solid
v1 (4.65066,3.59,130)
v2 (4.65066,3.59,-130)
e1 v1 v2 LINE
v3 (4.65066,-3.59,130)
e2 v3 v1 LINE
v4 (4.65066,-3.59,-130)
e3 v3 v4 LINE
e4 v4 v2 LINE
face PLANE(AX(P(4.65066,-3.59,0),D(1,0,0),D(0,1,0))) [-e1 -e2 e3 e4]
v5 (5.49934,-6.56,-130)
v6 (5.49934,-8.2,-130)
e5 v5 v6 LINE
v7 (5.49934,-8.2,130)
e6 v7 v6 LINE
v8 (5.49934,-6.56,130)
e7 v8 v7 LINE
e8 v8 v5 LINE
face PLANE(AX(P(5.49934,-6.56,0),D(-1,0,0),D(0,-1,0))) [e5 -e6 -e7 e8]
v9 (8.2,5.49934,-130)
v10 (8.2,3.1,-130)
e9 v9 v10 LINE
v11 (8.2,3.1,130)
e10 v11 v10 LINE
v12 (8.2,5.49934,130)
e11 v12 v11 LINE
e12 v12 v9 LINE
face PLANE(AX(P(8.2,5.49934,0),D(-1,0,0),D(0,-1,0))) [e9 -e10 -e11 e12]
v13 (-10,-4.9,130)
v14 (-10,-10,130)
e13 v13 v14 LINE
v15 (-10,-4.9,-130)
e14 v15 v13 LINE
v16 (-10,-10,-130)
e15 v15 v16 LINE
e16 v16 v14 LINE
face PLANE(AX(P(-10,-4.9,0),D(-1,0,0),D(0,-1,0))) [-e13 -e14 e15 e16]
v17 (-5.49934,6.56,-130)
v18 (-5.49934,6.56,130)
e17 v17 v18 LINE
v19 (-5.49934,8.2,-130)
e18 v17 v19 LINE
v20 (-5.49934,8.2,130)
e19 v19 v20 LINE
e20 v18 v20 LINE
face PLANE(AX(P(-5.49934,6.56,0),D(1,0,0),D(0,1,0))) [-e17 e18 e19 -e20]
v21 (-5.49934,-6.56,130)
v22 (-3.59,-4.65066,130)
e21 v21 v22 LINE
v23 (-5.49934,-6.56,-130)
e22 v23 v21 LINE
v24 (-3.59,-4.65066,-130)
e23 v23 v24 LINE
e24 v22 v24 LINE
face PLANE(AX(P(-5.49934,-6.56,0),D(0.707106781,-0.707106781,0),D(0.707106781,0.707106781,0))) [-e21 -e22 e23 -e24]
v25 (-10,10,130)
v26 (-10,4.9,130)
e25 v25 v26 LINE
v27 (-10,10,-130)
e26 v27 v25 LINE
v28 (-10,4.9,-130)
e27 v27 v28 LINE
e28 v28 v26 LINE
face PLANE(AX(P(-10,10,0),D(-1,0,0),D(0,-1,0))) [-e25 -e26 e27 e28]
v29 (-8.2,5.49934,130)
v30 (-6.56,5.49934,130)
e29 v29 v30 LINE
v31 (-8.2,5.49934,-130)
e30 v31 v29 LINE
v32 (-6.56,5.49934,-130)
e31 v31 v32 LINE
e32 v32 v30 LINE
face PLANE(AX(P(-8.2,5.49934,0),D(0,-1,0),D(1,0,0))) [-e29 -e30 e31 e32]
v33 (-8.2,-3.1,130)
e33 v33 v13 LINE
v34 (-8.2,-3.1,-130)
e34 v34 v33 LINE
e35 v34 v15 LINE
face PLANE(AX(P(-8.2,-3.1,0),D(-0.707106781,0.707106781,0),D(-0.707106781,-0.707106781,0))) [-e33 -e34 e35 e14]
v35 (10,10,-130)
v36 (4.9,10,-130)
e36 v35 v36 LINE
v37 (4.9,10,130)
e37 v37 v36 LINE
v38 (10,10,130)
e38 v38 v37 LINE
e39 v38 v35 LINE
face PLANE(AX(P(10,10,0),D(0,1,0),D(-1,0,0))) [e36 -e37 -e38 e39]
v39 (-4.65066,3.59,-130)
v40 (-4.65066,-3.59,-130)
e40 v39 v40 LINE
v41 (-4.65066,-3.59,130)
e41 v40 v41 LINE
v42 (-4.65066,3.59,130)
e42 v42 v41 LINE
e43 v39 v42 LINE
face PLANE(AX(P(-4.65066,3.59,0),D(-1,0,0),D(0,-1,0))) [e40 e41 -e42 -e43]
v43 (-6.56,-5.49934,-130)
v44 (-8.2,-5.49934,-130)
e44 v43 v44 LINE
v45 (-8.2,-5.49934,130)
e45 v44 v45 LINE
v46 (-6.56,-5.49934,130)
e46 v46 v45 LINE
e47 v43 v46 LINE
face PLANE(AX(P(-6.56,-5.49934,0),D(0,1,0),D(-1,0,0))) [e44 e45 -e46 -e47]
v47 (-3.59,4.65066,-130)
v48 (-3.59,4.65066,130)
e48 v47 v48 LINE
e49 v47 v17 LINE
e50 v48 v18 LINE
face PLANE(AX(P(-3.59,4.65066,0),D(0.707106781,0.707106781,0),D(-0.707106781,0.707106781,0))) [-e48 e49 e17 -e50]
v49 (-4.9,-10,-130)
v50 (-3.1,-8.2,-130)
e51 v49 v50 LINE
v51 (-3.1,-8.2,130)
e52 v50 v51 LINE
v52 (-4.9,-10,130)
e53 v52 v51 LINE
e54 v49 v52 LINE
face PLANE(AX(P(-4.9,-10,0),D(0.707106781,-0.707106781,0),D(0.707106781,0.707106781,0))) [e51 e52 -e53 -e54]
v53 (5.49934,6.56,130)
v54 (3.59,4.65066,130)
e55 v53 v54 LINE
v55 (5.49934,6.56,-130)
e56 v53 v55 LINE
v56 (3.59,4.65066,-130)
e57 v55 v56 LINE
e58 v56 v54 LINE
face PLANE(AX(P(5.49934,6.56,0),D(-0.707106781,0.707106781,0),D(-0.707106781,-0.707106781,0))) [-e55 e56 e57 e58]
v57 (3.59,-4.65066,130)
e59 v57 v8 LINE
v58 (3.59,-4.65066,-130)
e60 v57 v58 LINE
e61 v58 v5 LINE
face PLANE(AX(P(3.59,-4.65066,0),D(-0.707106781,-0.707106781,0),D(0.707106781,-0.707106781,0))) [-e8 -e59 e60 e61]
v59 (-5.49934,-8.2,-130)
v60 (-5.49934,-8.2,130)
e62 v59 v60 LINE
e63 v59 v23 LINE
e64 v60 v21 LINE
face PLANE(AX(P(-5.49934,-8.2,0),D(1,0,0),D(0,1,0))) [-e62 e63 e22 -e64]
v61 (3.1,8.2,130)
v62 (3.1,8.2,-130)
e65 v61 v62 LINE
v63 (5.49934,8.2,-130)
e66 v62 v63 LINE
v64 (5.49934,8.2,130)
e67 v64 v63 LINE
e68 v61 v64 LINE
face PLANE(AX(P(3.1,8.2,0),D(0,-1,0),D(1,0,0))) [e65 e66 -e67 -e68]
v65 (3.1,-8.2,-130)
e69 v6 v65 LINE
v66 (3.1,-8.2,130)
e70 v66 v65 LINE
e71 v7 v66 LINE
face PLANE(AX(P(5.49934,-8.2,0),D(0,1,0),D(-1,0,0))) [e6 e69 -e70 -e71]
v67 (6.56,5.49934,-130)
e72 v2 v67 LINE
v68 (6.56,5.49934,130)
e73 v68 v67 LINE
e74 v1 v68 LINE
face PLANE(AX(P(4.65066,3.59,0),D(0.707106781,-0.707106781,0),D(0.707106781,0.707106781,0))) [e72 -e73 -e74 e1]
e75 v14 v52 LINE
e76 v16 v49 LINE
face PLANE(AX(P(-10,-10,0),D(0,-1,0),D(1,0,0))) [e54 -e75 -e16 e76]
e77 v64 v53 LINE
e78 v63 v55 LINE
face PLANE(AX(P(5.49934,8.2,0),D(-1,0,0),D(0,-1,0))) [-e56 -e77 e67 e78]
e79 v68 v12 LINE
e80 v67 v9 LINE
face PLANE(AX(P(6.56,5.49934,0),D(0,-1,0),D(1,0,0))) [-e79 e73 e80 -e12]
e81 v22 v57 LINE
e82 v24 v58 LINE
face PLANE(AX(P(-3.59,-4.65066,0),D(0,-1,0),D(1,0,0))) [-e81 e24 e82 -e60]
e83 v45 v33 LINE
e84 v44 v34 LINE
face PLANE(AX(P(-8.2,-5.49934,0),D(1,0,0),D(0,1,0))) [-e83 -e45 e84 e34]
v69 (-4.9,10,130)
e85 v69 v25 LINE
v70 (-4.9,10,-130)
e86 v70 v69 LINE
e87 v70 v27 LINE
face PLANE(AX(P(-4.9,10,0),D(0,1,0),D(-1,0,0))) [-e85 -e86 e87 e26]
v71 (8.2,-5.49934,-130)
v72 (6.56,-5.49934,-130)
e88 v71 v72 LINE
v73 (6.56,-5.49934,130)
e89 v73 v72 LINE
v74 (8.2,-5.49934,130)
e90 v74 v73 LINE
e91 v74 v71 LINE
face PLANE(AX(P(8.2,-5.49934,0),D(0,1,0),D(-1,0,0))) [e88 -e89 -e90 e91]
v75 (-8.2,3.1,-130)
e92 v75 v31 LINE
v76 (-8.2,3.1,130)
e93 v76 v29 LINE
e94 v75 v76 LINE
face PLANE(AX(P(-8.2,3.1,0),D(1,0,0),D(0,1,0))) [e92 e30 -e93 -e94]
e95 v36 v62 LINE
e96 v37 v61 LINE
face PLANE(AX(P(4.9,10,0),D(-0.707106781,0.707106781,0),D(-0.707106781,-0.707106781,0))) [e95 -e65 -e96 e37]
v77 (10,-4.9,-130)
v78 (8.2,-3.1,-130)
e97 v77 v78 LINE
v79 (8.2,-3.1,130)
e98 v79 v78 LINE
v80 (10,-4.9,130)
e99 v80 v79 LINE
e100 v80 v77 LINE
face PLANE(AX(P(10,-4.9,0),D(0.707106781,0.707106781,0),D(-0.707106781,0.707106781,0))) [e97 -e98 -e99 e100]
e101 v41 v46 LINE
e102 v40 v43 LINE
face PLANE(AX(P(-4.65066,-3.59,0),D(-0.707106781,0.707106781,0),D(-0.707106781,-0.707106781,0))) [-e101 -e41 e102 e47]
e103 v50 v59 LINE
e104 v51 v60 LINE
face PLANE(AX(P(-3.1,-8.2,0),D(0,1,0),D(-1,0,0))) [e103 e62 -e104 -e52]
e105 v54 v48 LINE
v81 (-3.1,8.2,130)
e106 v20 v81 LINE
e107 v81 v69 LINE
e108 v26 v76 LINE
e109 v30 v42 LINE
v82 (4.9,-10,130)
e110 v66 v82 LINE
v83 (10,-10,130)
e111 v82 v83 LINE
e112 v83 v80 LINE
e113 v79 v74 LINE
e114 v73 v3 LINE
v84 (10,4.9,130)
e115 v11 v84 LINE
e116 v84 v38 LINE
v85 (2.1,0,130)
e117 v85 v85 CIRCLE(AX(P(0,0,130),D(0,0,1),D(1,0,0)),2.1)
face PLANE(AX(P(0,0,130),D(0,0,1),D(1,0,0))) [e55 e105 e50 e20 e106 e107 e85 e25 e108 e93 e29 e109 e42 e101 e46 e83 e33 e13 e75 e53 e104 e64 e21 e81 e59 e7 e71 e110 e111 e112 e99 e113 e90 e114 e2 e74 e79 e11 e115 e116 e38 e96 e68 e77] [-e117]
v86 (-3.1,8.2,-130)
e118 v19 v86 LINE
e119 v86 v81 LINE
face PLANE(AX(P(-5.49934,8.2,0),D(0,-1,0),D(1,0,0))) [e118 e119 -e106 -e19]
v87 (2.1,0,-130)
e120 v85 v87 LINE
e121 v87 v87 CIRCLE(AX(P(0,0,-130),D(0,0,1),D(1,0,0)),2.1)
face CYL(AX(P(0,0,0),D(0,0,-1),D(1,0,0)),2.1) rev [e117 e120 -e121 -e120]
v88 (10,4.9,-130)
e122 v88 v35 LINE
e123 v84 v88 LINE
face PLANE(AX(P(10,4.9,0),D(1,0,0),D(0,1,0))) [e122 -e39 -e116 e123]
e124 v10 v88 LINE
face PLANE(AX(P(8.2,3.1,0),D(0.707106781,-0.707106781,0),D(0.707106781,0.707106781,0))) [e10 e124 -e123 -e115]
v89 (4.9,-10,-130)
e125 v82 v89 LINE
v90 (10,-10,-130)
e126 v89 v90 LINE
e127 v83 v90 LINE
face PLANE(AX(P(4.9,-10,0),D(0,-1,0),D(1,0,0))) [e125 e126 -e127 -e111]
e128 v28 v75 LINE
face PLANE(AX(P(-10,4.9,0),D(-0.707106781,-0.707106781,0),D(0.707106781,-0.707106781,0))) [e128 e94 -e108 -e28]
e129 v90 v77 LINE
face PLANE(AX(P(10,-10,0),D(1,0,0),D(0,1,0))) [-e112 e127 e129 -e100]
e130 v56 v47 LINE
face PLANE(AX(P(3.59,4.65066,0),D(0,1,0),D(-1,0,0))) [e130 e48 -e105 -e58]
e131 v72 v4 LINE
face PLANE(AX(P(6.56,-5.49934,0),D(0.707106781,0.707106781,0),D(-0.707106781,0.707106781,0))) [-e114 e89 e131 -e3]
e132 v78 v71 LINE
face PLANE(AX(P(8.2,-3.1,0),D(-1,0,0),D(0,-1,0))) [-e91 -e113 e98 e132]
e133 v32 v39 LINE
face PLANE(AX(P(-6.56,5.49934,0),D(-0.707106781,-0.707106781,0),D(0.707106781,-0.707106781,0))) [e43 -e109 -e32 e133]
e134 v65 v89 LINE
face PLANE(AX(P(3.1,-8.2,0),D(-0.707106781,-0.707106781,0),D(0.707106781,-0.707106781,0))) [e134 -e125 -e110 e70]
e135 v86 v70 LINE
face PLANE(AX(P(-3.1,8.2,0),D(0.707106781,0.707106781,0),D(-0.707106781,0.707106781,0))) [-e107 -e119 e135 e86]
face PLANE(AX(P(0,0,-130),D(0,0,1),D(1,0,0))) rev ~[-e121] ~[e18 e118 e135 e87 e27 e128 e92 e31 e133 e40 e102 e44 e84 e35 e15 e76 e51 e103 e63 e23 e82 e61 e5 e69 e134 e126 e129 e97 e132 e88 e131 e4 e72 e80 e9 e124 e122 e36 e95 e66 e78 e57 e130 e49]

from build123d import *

# Parameters (mm, degrees)
SKETCH1_R           = 2.1
BOSS_EXTRUDE1_DEPTH = 130


with BuildPart() as part:
    # Sketch1 → Boss-Extrude1 (new body, symmetric)
    with BuildSketch(Plane.XY):
        Polygon((5.499339828, 6.56), (3.59, 4.650660172), (-3.59, 4.650660172), (-5.499339828, 6.56), (-5.499339828, 8.2), (-3.1, 8.2), (-4.9, 10), (-10, 10), (-10, 4.9), (-8.2, 3.1), (-8.2, 5.499339828), (-6.56, 5.499339828), (-4.650660172, 3.59), (-4.650660172, -3.59), (-6.56, -5.499339828), (-8.2, -5.499339828), (-8.2, -3.1), (-10, -4.9), (-10, -10), (-4.9, -10), (-3.1, -8.2), (-5.499339828, -8.2), (-5.499339828, -6.56), (-3.59, -4.650660172), (3.59, -4.650660172), (5.499339828, -6.56), (5.499339828, -8.2), (3.1, -8.2), (4.9, -10), (10, -10), (10, -4.9), (8.2, -3.1), (8.2, -5.499339828), (6.56, -5.499339828), (4.650660172, -3.59), (4.650660172, 3.59), (6.56, 5.499339828), (8.2, 5.499339828), (8.2, 3.1), (10, 4.9), (10, 10), (4.9, 10), (3.1, 8.2), (5.499339828, 8.2), align=None)
        Circle(SKETCH1_R, mode=Mode.SUBTRACT)
    extrude(amount=BOSS_EXTRUDE1_DEPTH, both=True)


solid = part.part
